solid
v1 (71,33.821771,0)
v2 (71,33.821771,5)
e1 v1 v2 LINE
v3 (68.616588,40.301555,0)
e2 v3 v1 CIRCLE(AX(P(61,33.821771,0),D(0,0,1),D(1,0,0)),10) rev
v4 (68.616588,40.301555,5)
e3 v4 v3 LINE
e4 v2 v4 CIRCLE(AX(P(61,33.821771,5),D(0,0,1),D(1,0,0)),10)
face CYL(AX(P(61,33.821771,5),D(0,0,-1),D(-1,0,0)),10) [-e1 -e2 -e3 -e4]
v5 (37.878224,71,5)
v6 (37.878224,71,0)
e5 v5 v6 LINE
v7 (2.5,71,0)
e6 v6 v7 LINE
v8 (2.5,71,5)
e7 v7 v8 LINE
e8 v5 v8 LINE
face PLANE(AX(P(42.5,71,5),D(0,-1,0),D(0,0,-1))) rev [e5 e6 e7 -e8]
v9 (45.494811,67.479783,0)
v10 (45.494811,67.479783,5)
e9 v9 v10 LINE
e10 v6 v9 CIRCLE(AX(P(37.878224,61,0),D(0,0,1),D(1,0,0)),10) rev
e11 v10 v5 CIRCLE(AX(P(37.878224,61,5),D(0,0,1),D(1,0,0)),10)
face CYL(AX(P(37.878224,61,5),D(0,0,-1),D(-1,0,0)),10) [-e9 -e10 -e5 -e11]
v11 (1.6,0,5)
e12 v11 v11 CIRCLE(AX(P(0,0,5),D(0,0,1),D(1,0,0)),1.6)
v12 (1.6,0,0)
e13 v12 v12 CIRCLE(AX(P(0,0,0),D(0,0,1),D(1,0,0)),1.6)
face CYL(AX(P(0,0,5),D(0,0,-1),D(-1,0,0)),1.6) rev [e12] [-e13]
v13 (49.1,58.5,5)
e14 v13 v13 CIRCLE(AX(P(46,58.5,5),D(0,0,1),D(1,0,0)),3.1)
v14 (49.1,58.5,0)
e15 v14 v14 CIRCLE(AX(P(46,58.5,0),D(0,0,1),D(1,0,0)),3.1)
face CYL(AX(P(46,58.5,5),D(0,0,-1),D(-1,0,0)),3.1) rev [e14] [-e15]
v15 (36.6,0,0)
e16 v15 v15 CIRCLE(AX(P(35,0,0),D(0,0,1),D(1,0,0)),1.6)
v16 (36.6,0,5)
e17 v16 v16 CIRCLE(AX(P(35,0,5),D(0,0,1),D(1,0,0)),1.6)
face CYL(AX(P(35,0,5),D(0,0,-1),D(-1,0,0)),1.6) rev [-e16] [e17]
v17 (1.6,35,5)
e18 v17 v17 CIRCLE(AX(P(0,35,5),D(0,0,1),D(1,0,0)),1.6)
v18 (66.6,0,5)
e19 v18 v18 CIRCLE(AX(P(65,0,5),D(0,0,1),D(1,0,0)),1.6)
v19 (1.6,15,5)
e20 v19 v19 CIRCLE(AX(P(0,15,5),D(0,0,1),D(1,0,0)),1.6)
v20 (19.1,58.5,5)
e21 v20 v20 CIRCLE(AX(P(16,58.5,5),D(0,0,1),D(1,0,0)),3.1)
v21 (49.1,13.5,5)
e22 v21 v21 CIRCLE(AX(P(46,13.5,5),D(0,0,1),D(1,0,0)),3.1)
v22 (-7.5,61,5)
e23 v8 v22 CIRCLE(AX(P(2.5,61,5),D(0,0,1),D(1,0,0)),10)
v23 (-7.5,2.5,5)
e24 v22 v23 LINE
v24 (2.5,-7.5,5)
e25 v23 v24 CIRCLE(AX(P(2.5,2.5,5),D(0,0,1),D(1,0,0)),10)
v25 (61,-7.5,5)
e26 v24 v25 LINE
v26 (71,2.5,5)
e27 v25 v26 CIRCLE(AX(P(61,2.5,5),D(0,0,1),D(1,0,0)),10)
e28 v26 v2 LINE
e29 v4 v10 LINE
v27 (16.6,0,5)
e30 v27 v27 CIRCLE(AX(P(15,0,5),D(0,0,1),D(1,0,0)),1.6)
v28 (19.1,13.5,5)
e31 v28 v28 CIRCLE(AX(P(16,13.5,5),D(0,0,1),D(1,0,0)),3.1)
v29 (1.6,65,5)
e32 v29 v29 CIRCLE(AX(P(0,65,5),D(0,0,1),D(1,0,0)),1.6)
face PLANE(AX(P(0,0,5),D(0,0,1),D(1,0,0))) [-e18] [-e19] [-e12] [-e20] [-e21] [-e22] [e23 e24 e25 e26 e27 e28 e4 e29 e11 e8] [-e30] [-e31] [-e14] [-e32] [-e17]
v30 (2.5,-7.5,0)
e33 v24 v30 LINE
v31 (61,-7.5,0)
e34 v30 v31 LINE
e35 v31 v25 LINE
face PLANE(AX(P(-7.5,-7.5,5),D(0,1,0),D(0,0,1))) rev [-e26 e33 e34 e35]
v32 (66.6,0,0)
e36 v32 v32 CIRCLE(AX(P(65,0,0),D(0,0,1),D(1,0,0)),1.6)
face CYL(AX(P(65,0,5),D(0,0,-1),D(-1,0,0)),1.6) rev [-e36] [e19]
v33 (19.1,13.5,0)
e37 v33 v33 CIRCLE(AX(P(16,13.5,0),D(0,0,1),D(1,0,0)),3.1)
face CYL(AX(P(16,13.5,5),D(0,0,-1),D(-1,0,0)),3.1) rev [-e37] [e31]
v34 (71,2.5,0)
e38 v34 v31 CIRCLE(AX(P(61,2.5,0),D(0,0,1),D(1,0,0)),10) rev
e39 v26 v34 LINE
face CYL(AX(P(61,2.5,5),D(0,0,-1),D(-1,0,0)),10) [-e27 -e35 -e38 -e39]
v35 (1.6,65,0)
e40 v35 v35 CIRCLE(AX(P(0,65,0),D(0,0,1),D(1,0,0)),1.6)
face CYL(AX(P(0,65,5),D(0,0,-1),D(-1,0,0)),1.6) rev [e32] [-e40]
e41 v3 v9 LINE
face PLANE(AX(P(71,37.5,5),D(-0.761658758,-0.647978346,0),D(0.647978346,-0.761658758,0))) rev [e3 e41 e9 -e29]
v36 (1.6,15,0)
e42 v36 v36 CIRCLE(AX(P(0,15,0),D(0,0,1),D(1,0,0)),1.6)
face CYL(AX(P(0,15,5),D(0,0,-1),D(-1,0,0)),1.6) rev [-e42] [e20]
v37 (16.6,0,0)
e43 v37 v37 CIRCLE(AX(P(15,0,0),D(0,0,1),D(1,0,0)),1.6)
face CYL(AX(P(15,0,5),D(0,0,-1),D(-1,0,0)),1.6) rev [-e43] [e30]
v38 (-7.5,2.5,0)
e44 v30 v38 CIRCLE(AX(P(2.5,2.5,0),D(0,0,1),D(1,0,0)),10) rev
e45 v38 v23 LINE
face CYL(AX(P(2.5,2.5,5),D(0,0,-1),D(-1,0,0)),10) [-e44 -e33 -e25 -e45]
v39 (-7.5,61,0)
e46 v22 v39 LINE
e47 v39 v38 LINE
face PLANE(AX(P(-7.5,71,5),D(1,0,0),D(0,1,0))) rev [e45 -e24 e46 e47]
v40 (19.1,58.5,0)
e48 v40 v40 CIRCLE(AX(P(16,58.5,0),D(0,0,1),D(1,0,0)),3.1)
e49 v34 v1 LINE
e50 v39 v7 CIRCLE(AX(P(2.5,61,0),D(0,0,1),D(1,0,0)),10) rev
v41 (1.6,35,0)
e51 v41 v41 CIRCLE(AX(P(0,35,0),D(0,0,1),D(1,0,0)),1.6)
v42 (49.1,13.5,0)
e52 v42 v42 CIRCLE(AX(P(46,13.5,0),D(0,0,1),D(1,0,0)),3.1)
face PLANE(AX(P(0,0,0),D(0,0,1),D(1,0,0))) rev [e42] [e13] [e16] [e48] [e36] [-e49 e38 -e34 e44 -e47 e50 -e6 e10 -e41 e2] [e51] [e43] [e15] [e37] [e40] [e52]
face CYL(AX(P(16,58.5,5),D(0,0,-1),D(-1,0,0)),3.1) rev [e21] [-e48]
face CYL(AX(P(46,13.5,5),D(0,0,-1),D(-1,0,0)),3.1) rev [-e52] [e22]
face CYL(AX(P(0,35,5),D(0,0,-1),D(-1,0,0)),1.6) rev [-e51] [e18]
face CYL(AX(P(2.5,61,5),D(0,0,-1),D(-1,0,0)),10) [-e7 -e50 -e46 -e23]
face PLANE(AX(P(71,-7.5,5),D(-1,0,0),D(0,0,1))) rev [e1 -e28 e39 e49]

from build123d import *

# Parameters (mm, degrees)
SKETCH_1_R      = 1.6
SKETCH_1_R_2    = 3.1
EXTRUDE_1_DEPTH = 5
FILLET_1_R      = 10


with BuildPart() as part:
    # 草图1 → 凸台-拉伸1 (new body)
    with BuildSketch(Plane.XY):
        Polygon((-7.5, 71), (-7.5, -7.5), (71, -7.5), (71, 37.5), (42.5, 71), align=None)
        Circle(SKETCH_1_R, mode=Mode.SUBTRACT)
        with Locations((0, 15)):
            Circle(SKETCH_1_R, mode=Mode.SUBTRACT)
        with Locations((0, 35)):
            Circle(SKETCH_1_R, mode=Mode.SUBTRACT)
        with Locations((0, 65)):
            Circle(SKETCH_1_R, mode=Mode.SUBTRACT)
        with Locations((15, 0)):
            Circle(SKETCH_1_R, mode=Mode.SUBTRACT)
        with Locations((35, 0)):
            Circle(SKETCH_1_R, mode=Mode.SUBTRACT)
        with Locations((65, 0)):
            Circle(SKETCH_1_R, mode=Mode.SUBTRACT)
        with Locations((16, 58.5)):
            Circle(SKETCH_1_R_2, mode=Mode.SUBTRACT)
        with Locations((16, 13.5)):
            Circle(SKETCH_1_R_2, mode=Mode.SUBTRACT)
        with Locations((46, 13.5)):
            Circle(SKETCH_1_R_2, mode=Mode.SUBTRACT)
        with Locations((46, 58.5)):
            Circle(SKETCH_1_R_2, mode=Mode.SUBTRACT)
    extrude(amount=EXTRUDE_1_DEPTH)

    # 圆角1
    fillet_1_edges = [part.edges().sort_by_distance(p)[0] for p in [
        (42.5, 71, 2.5),
        (71, 37.5, 2.5),
        (71, -7.5, 2.5),
        (-7.5, -7.5, 2.5),
        (-7.5, 71, 2.5),
    ]]
    fillet(fillet_1_edges, radius=FILLET_1_R)


solid = part.part
